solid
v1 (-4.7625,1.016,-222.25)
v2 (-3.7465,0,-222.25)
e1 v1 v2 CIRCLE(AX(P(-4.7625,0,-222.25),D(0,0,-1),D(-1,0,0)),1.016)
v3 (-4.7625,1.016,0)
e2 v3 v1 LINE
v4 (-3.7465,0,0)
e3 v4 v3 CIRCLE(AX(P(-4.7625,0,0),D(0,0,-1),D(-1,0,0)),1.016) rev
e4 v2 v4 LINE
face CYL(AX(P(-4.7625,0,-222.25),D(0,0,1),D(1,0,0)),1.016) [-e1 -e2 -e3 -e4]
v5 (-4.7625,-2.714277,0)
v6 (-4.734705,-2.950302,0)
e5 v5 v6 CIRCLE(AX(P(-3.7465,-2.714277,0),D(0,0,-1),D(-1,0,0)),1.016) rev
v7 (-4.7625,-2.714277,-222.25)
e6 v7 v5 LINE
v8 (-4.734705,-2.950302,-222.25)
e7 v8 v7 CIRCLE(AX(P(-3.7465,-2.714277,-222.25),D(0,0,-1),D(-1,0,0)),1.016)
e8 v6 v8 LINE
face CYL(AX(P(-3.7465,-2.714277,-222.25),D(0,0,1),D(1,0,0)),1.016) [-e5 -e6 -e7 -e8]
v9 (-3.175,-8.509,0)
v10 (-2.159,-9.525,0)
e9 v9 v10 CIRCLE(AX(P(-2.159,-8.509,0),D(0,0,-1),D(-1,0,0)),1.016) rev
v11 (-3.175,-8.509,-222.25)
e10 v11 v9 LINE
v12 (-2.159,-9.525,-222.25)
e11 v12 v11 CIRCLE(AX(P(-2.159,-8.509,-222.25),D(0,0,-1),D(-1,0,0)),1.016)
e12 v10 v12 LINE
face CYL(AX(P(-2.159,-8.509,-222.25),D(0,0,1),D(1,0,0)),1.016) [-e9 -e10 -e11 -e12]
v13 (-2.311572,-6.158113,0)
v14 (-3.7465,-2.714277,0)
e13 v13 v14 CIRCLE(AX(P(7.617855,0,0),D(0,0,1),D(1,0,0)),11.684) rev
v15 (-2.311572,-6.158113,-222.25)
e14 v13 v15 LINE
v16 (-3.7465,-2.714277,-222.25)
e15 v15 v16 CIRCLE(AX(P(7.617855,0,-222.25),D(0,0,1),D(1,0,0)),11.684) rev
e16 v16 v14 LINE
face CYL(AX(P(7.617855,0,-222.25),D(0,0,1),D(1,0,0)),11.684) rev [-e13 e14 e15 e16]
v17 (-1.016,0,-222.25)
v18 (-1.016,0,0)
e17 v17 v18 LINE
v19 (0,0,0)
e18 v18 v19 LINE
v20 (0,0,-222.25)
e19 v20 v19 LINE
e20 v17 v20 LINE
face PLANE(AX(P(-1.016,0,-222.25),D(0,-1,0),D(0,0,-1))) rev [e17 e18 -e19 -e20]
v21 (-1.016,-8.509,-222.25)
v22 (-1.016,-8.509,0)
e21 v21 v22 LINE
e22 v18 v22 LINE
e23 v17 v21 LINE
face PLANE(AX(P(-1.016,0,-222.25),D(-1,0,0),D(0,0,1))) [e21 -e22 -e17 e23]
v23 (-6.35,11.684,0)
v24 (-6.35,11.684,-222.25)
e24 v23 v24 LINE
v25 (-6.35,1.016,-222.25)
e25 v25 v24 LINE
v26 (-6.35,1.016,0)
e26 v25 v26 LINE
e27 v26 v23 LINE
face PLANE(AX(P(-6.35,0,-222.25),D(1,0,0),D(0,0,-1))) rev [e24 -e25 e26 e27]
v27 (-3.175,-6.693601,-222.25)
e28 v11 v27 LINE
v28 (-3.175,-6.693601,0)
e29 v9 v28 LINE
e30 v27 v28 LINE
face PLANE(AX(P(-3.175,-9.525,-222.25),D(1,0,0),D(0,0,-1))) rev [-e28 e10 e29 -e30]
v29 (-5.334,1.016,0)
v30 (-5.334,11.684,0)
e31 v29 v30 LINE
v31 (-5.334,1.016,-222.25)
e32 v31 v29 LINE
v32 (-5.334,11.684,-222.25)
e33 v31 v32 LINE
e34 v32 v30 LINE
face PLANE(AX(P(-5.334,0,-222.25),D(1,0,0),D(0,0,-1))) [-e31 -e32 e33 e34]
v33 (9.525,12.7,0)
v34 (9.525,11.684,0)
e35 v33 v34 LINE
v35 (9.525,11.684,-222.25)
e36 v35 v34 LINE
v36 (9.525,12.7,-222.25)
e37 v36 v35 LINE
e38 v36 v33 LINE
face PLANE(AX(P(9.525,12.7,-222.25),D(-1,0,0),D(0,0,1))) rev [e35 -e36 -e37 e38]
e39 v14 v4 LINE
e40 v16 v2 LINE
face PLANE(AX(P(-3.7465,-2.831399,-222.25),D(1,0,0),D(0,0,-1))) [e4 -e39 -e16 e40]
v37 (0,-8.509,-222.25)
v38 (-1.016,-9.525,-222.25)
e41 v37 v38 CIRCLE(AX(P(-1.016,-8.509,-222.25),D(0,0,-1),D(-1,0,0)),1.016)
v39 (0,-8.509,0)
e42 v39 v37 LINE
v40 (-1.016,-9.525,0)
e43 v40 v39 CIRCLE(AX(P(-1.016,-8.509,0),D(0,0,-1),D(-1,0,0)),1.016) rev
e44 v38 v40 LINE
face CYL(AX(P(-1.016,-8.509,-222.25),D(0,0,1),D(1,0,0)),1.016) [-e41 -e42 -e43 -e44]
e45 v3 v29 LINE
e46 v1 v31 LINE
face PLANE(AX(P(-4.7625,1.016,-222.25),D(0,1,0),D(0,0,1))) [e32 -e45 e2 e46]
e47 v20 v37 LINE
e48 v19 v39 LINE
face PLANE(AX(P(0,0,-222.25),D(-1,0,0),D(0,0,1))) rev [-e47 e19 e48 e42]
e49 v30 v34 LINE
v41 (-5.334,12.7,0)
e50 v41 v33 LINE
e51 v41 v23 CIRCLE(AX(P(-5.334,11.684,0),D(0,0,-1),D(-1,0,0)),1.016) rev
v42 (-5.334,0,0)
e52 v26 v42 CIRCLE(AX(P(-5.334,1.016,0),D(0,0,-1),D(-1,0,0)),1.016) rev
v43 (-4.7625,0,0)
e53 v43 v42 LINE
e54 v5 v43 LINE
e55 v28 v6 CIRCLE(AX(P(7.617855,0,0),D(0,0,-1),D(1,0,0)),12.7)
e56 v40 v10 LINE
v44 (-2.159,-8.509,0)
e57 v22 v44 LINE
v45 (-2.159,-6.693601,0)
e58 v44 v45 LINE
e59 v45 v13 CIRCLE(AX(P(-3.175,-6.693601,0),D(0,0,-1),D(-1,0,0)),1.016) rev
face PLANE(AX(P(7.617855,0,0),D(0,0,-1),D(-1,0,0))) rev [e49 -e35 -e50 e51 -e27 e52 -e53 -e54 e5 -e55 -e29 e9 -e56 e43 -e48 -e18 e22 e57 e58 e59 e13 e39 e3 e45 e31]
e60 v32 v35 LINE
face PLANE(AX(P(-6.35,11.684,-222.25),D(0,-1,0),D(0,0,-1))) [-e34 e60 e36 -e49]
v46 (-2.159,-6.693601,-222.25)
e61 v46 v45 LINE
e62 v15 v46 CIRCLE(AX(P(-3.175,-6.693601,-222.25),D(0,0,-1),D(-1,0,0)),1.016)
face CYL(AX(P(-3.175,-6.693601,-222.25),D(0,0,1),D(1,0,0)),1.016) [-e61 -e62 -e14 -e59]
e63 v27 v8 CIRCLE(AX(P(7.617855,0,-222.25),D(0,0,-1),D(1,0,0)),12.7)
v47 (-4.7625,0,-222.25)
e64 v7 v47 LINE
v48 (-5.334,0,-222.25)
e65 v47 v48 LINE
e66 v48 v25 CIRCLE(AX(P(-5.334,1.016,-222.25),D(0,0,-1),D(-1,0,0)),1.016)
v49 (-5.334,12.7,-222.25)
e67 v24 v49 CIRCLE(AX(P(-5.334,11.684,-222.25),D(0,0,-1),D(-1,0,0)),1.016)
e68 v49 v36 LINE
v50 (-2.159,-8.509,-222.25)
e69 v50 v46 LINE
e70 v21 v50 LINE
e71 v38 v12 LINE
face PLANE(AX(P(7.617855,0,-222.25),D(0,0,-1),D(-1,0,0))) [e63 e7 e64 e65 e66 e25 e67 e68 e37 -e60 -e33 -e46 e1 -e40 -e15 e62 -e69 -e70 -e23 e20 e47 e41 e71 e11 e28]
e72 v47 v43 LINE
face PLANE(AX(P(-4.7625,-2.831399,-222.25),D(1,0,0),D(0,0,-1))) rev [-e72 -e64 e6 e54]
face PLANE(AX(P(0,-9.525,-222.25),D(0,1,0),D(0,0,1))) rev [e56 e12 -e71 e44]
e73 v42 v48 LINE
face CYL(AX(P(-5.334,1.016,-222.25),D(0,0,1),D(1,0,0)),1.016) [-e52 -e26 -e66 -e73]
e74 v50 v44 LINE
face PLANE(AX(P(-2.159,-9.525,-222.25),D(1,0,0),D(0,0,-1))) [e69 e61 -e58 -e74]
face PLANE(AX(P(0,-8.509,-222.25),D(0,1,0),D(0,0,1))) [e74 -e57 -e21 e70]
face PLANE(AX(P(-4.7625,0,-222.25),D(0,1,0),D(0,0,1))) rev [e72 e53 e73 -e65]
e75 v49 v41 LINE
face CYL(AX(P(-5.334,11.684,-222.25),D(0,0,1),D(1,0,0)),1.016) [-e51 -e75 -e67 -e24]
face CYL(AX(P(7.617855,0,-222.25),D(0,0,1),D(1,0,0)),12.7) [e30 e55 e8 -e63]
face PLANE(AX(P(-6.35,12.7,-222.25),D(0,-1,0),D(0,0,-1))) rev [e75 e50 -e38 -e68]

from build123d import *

# Parameters (mm, degrees)
EXTRUDE_THIN1_DEPTH = 222.25
FILLET1_R           = 1.016


with BuildPart() as part:
    # Sketch1 → Extrude-Thin1 (new body)
    with BuildSketch(Plane.XY):
        with BuildLine():
            Line((0, 0), (0, -9.525))
            Line((0, -9.525), (-3.175, -9.525))
            Line((-3.175, -9.525), (-3.175, -6.693600755))
            ThreePointArc((-3.175, -6.693600755), (-4.128572785, -4.828192758), (-4.7625, -2.831399245))
            Line((-4.7625, -2.831399245), (-4.7625, 0))
            Line((-4.7625, 0), (-6.35, 0))
            Line((-6.35, 0), (-6.35, 12.7))
            Line((-6.35, 12.7), (9.525, 12.7))
            Line((9.525, 12.7), (9.525, 11.684))
            Line((9.525, 11.684), (-5.334, 11.684))
            Line((-5.334, 11.684), (-5.334, 1.016))
            Line((-5.334, 1.016), (-3.7465, 1.016))
            Line((-3.7465, 1.016), (-3.7465, -2.714277453))
            ThreePointArc((-3.7465, -2.714277453), (-3.111980098, -4.624554555), (-2.159, -6.397575437))
            Line((-2.159, -6.397575437), (-2.159, -8.509))
            Line((-2.159, -8.509), (-1.016, -8.509))
            Line((-1.016, -8.509), (-1.016, 0))
            Line((-1.016, 0), (0, 0))
        make_face()
    extrude(amount=-EXTRUDE_THIN1_DEPTH)

    # Fillet1
    fillet1_edges = [part.edges().sort_by_distance(p)[0] for p in [
        (-3.7465, 1.016, -111.125),
        (-2.159, -6.397575437, -111.125),
        (0, -9.525, -111.125),
        (-3.175, -9.525, -111.125),
        (-4.7625, -2.831399245, -111.125),
        (-6.35, 0, -111.125),
        (-6.35, 12.7, -111.125),
    ]]
    fillet(fillet1_edges, radius=FILLET1_R)


solid = part.part
